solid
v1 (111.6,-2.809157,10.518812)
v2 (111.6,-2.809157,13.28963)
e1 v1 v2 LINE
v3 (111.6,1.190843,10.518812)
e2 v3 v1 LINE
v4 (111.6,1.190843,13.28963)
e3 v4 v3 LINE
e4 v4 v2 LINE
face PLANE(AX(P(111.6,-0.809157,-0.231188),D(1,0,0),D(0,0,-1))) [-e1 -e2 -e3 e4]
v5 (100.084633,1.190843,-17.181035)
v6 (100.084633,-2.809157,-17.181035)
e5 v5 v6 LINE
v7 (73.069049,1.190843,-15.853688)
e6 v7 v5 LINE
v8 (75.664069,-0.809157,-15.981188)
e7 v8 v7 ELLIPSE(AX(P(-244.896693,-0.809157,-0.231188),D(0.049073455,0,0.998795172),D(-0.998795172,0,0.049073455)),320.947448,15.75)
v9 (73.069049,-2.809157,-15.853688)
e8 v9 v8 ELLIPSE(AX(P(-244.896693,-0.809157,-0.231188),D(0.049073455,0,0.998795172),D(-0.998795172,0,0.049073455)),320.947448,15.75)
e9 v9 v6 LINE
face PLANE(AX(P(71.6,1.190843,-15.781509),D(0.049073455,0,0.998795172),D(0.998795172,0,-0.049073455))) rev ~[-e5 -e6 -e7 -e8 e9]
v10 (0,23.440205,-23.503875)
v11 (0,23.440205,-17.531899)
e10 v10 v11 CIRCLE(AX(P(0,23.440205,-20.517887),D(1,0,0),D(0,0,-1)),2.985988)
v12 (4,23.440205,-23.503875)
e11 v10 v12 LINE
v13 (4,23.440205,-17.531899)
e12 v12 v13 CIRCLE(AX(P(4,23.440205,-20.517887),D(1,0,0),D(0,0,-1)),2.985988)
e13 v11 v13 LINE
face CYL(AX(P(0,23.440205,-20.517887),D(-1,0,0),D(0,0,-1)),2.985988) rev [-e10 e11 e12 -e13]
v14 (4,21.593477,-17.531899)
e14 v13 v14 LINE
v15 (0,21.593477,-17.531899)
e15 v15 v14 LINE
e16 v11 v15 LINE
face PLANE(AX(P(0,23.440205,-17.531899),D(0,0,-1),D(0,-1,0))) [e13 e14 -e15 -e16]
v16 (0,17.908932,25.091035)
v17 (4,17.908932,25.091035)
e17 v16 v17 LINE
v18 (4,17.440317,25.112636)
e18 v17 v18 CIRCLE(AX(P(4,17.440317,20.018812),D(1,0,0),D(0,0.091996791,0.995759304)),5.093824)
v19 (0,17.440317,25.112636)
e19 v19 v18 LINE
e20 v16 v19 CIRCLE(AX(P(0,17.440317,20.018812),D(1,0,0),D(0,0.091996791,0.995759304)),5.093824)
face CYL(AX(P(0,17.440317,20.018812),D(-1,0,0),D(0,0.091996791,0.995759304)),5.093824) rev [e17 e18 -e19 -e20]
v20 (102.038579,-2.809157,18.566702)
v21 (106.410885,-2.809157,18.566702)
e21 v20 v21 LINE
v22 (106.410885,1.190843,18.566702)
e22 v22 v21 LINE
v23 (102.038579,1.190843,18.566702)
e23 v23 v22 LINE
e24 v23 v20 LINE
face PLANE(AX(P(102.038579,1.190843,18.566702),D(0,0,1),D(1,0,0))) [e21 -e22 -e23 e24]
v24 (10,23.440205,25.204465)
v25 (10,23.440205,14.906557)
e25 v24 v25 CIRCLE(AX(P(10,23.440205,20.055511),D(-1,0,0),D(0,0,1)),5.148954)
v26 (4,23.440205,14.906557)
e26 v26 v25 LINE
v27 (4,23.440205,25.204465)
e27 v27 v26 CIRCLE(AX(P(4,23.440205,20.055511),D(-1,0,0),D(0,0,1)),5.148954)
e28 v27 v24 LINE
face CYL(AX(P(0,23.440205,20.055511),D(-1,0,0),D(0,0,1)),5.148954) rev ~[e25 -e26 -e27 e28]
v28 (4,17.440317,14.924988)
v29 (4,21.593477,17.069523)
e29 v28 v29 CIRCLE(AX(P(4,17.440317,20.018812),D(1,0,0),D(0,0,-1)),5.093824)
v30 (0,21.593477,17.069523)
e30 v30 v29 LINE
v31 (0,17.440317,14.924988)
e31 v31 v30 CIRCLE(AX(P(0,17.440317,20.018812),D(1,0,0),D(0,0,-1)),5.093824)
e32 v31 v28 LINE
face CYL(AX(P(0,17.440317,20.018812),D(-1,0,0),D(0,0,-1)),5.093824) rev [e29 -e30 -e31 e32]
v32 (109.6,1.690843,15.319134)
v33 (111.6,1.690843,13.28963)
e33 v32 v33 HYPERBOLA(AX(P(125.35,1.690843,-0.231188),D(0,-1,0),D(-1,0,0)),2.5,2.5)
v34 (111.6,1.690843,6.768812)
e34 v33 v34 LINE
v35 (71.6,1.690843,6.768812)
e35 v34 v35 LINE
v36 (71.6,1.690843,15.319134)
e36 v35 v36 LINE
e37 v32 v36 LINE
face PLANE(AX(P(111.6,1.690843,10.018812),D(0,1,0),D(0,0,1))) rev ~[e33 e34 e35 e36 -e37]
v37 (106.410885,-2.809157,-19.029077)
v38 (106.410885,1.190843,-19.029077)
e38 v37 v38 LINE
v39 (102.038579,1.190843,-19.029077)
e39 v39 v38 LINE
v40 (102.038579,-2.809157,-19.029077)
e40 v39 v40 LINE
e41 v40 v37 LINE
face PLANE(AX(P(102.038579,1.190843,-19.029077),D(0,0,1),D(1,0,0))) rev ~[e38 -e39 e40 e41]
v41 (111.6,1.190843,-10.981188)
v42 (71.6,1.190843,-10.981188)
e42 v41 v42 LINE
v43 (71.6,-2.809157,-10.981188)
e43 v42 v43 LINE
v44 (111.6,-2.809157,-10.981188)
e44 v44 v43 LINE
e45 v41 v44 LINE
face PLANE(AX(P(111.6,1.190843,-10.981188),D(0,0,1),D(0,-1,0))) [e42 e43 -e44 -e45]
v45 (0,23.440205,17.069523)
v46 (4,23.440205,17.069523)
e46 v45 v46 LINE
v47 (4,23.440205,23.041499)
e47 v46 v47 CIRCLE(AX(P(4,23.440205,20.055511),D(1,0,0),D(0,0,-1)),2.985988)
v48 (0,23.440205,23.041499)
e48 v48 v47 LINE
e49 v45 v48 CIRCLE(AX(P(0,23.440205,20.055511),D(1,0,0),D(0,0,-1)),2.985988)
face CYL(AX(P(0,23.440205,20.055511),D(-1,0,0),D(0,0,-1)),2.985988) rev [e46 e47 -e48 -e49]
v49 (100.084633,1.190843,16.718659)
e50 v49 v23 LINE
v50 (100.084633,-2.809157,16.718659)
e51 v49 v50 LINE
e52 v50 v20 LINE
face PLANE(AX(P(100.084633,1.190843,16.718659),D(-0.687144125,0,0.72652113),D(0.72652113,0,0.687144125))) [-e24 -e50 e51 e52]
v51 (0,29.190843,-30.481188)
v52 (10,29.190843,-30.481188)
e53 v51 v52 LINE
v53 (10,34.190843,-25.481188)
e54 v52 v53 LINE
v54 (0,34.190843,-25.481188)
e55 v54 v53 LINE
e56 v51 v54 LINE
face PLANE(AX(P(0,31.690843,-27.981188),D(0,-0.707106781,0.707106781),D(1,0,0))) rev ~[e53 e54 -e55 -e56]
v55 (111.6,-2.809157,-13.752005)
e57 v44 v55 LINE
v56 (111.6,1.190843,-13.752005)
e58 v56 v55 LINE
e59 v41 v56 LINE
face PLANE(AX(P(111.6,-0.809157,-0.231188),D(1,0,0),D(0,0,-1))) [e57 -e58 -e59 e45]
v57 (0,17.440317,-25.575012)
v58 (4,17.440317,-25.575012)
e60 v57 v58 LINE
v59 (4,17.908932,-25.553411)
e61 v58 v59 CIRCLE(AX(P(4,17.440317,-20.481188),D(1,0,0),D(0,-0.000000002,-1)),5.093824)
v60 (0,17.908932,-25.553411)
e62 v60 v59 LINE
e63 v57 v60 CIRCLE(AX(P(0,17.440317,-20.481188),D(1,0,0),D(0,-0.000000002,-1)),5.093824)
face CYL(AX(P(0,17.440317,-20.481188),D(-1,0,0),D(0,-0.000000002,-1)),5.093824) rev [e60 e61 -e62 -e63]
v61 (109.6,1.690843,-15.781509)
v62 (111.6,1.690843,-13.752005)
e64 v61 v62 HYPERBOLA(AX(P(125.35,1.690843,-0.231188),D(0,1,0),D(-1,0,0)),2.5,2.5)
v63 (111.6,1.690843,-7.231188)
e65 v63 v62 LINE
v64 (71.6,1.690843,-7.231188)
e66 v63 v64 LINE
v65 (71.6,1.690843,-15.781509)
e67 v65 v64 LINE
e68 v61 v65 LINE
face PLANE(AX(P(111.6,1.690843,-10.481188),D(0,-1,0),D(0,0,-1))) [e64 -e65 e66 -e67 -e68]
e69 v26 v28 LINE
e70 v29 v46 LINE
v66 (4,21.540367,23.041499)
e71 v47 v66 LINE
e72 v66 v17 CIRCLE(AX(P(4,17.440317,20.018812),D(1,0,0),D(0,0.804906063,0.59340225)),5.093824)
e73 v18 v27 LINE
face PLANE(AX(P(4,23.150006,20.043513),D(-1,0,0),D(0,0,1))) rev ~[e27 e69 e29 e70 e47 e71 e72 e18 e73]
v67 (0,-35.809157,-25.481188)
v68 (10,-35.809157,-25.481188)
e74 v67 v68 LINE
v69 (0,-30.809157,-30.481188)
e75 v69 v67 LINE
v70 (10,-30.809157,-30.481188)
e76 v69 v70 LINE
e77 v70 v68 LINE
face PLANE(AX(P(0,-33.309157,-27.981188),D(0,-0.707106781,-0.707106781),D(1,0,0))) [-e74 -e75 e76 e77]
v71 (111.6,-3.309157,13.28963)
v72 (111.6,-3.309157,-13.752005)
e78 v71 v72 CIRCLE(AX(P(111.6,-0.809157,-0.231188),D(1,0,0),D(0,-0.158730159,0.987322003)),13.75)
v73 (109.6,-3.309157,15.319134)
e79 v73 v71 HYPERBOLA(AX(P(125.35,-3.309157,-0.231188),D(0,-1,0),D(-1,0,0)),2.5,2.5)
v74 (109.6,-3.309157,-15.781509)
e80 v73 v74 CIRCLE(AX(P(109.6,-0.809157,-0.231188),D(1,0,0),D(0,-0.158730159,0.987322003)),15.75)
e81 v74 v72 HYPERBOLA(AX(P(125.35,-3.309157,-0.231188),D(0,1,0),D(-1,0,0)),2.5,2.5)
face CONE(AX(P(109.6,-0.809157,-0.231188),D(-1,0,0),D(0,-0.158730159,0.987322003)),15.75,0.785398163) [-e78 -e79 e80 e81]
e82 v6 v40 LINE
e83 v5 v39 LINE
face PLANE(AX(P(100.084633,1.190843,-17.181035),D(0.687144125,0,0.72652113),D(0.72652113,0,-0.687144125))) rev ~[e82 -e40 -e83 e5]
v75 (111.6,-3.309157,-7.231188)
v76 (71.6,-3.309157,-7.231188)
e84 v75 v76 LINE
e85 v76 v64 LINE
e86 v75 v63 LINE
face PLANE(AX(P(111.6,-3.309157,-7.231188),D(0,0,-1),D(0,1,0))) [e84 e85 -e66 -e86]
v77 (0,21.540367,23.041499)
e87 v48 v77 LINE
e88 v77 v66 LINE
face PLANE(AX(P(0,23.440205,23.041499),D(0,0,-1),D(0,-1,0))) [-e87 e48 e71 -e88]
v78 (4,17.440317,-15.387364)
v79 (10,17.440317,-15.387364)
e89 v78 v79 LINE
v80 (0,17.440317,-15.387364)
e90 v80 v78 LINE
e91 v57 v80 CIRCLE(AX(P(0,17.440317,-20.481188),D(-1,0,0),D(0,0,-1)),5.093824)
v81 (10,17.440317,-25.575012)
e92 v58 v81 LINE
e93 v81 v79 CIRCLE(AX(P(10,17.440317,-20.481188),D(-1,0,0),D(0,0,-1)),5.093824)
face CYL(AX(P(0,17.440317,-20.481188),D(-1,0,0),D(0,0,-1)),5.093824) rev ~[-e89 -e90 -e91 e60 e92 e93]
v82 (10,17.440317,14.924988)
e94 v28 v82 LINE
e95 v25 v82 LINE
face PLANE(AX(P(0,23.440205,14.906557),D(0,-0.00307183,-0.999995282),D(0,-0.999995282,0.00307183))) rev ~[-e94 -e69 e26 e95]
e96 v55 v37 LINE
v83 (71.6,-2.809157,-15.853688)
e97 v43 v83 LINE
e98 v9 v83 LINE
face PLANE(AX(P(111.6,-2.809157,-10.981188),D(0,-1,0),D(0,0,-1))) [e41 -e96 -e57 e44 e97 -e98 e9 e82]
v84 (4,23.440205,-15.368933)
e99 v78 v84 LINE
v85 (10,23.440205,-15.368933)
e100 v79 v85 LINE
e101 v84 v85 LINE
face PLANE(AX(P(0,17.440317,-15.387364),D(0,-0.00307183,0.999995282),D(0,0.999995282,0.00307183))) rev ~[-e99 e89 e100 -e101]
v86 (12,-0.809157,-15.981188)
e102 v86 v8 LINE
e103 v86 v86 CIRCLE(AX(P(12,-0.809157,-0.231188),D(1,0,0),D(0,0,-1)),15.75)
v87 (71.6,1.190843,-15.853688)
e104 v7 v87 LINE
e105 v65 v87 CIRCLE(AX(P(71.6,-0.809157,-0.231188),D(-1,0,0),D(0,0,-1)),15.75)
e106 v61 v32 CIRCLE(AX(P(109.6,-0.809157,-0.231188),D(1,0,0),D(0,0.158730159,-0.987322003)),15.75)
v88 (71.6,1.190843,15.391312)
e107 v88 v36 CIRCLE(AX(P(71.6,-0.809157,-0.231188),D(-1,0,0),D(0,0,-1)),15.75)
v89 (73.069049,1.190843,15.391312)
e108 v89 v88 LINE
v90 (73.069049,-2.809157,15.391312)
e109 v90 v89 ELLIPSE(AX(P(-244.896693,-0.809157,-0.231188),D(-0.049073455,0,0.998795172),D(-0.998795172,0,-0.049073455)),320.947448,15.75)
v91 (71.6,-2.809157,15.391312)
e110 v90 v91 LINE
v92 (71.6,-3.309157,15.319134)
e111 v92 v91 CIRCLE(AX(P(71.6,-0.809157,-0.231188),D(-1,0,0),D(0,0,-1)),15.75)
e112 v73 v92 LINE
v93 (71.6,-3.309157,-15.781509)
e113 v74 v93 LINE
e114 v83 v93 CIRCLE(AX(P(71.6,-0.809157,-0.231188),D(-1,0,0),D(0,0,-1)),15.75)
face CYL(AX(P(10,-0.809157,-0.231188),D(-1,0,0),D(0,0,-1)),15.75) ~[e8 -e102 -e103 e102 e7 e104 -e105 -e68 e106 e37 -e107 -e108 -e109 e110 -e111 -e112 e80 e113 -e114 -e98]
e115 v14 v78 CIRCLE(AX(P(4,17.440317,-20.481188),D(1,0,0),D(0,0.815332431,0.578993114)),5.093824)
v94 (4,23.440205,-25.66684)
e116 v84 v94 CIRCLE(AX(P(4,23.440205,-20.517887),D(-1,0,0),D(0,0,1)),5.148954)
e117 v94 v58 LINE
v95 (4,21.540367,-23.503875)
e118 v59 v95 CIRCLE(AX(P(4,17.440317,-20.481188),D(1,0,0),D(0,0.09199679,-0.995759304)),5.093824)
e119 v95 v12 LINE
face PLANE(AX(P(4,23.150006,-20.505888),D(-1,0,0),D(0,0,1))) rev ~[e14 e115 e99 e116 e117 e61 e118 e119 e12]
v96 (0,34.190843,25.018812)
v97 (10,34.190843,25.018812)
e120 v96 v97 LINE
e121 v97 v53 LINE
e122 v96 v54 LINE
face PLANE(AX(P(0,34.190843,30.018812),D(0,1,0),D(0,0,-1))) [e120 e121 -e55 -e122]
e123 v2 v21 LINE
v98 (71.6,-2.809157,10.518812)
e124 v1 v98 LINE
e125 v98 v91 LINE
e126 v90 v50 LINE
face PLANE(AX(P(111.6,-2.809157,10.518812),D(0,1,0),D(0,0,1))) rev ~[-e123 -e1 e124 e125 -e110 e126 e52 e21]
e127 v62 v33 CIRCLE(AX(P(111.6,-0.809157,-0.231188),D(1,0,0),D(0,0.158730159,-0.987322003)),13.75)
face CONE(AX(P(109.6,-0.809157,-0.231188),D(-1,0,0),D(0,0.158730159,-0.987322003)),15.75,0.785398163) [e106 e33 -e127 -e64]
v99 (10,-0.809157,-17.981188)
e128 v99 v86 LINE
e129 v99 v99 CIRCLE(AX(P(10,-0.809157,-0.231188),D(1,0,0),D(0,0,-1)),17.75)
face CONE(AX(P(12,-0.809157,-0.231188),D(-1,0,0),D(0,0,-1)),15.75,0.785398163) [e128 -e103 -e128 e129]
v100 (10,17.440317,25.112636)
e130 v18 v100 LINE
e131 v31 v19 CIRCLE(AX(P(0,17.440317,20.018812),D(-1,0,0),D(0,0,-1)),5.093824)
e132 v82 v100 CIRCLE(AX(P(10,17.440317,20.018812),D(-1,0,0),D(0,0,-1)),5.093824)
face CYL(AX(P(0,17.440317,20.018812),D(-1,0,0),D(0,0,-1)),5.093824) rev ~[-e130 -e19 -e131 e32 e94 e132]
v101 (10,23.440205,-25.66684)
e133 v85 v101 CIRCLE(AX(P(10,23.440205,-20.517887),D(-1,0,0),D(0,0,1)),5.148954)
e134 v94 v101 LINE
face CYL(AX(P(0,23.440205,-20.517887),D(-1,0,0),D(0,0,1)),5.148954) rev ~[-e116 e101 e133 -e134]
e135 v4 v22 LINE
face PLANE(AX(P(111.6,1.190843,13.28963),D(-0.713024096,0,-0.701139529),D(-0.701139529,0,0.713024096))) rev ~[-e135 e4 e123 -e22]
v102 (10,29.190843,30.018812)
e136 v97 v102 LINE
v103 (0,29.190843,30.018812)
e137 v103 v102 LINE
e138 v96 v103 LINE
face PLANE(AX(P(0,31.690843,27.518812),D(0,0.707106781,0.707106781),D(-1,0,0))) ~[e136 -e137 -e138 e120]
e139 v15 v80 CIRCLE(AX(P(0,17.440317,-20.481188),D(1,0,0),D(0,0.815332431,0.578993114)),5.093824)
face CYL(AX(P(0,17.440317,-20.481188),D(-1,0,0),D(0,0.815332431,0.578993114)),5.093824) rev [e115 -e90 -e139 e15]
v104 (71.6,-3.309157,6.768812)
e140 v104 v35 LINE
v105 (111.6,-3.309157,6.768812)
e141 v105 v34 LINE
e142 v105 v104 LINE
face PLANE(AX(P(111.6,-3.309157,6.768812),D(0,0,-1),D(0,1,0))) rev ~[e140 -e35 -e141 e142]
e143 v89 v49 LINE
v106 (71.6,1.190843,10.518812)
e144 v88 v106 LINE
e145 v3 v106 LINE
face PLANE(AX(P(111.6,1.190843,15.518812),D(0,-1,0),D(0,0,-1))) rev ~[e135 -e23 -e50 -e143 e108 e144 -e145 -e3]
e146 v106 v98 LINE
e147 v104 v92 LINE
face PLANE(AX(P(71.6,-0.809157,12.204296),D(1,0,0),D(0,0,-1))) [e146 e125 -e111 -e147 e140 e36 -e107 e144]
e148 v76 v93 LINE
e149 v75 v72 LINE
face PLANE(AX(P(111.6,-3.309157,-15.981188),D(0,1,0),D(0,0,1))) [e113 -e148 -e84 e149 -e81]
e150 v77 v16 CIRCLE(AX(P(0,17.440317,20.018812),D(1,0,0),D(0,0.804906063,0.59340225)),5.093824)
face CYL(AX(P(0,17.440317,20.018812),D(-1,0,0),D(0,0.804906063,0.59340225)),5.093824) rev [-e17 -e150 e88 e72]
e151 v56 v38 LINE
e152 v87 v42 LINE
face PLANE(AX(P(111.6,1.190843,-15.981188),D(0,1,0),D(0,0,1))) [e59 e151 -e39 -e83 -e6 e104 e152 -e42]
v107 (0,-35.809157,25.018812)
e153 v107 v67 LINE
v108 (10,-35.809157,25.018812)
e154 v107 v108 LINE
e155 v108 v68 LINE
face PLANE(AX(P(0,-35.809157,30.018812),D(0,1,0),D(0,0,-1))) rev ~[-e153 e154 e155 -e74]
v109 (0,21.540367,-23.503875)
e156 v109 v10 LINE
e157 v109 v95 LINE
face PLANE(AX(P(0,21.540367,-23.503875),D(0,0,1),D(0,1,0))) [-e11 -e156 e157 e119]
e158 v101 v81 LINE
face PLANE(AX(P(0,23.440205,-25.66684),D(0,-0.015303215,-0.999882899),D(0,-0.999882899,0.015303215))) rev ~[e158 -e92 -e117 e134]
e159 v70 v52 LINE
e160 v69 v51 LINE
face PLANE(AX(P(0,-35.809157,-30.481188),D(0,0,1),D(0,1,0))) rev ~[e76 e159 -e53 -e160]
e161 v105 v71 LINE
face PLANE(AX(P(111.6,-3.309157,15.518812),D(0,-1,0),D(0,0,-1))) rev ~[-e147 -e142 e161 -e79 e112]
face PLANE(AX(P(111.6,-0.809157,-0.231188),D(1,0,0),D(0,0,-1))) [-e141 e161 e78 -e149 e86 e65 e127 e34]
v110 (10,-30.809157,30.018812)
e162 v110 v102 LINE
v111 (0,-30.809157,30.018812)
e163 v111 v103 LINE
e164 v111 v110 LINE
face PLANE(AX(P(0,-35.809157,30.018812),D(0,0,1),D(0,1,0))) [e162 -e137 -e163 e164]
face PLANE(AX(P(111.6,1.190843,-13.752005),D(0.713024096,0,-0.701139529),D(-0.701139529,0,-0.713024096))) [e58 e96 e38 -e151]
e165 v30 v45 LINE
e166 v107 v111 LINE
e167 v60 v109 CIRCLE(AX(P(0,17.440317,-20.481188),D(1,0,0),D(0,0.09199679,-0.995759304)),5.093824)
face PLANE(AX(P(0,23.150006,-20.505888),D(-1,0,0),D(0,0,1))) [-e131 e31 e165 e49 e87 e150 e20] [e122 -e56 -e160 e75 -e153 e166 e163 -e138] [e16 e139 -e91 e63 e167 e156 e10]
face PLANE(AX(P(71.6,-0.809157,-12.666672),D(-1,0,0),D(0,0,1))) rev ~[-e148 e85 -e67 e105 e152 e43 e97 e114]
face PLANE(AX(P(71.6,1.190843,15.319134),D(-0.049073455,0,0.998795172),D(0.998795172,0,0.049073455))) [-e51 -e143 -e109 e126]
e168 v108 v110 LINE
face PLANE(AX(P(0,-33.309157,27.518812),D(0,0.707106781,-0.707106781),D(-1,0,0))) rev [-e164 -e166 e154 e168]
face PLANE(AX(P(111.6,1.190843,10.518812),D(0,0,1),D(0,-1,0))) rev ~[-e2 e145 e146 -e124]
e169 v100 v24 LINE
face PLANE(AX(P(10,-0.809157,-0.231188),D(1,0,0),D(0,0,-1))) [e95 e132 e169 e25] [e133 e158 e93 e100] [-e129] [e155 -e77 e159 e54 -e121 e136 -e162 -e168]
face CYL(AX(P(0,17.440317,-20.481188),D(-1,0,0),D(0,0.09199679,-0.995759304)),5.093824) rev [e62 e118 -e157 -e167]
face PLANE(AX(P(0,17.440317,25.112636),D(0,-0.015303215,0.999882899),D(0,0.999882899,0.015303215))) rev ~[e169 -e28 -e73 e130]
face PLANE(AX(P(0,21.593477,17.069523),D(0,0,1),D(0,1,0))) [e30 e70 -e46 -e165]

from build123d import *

# Parameters (mm, degrees)
SKETCH1_W            = 60.5
SKETCH1_H            = 70
BOSS_EXTRUDE1_DEPTH  = 10
SKETCH2_R            = 15.75
BOSS_EXTRUDE2_DEPTH  = 101.6
CUT_EXTRUDE1_DEPTH   = 40
SKETCH8_W            = 3.25
SKETCH8_H            = 5
CUT_EXTRUDE2_DEPTH   = 40
CHAMFER3_SIZE        = 2
BOSS_EXTRUDE9_DEPTH  = 4
BOSS_EXTRUDE10_DEPTH = 4
CHAMFER4_SIZE        = 5
CUT_EXTRUDE9_DEPTH   = 4
CHAMFER6_SIZE        = 2


with BuildPart() as part:
    # Sketch1 → Boss-Extrude1 (new body)
    with BuildSketch(Plane(origin=(0, 0, 0), x_dir=(0, 0, -1), z_dir=(1, 0, 0))):
        with Locations((0.23118778, -0.809157231)):
            Rectangle(SKETCH1_W, SKETCH1_H)
        with BuildLine():
            Line((-14.90655725, 23.440204594), (-14.924987971, 17.440316828))
            ThreePointArc((-14.924987971, 17.440316828), (-20.01881222, 12.34649258), (-25.112636468, 17.440316828))
            Line((-25.112636468, 17.440316828), (-25.204464795, 23.440204594))
            ThreePointArc((-25.204464795, 23.440204594), (-20.055511023, 28.589158366), (-14.90655725, 23.440204594))
        make_face(mode=Mode.SUBTRACT)
        with BuildLine():
            ThreePointArc((15.368932811, 23.440204594), (20.517886583, 28.589158366), (25.666840355, 23.440204594))
            Line((25.666840355, 23.440204594), (25.575012029, 17.440316828))
            ThreePointArc((25.575012029, 17.440316828), (20.48118778, 12.34649258), (15.387363532, 17.440316828))
            Line((15.387363532, 17.440316828), (15.368932811, 23.440204594))
        make_face(mode=Mode.SUBTRACT)
    extrude(amount=BOSS_EXTRUDE1_DEPTH)

    # Sketch2 → Boss-Extrude2 (add)
    with BuildSketch(Plane(origin=(10, 0, 0), x_dir=(0, 0, -1), z_dir=(1, 0, 0))):
        with Locations((0.23118778, -0.809157231)):
            Circle(SKETCH2_R)
    extrude(amount=BOSS_EXTRUDE2_DEPTH)

    # Sketch3 → Cut-Extrude1 (cut)
    with BuildSketch(Plane(origin=(111.6, 0, 0), x_dir=(0, 0, -1), z_dir=(1, 0, 0))):
        Polygon((-15.51881222, 1.190842769), (-10.51881222, 1.190842769), (-10.51881222, -2.809157231), (-15.51881222, -2.809157231), (-15.51881222, -3.309157231), (-10.01881222, -3.309157231), (-10.01881222, 1.690842769), (-15.51881222, 1.690842769), align=None)
        Polygon((15.98118778, -2.809157231), (15.98118778, -3.309157231), (10.48118778, -3.309157231), (10.48118778, 1.690842769), (15.98118778, 1.690842769), (15.98118778, 1.190842769), (10.98118778, 1.190842769), (10.98118778, -2.809157231), align=None)
    extrude(amount=-CUT_EXTRUDE1_DEPTH, mode=Mode.SUBTRACT)

    # Sketch8 → Cut-Extrude2 (cut)
    with BuildSketch(Plane(origin=(111.6, 0, 0), x_dir=(0, 0, -1), z_dir=(1, 0, 0))):
        with Locations((8.85618778, -0.809157231)):
            Rectangle(SKETCH8_W, SKETCH8_H)
        with Locations((-8.39381222, -0.809157231)):
            Rectangle(SKETCH8_W, SKETCH8_H)
    extrude(amount=-CUT_EXTRUDE2_DEPTH, mode=Mode.SUBTRACT)

    # Chamfer3
    chamfer3_edges = [part.edges().sort_by_distance(p)[0] for p in [
        (111.6, -16.559157231, -0.23118778),
        (111.6, 14.940842769, -0.23118778),
    ]]
    chamfer(chamfer3_edges, length=CHAMFER3_SIZE)

    # Sketch19 → Boss-Extrude9 (add)
    with BuildSketch(Plane.ZY):
        with BuildLine():
            Line((-25.666840355, 23.440204594), (-25.575012029, 17.440316828))
            ThreePointArc((-25.575012029, 17.440316828), (-25.569608823, 17.67487337), (-25.553410667, 17.908932306))
            ThreePointArc((-25.553410667, 17.908932306), (-24.917258091, 19.94397928), (-23.503874553, 21.540366846))
            Line((-23.503874553, 21.540366846), (-23.503874553, 23.440204594))
            ThreePointArc((-23.503874553, 23.440204594), (-20.517886583, 26.426192563), (-17.531898613, 23.440204594))
            Line((-17.531898613, 23.440204594), (-17.531898613, 21.593476936))
            ThreePointArc((-17.531898613, 21.593476936), (-15.9551406, 19.777396716), (-15.387363532, 17.440316828))
            Line((-15.387363532, 17.440316828), (-15.368932811, 23.440204594))
            ThreePointArc((-15.368932811, 23.440204594), (-20.517886583, 28.589158366), (-25.666840355, 23.440204594))
        make_face()
        with BuildLine():
            ThreePointArc((25.204464795, 23.440204594), (20.055511023, 28.589158366), (14.90655725, 23.440204594))
            Line((14.90655725, 23.440204594), (14.924987971, 17.440316828))
            ThreePointArc((14.924987971, 17.440316828), (15.49276504, 19.777396716), (17.069523053, 21.593476936))
            Line((17.069523053, 21.593476936), (17.069523053, 23.440204594))
            ThreePointArc((17.069523053, 23.440204594), (20.055511023, 26.426192563), (23.041498992, 23.440204594))
            Line((23.041498992, 23.440204594), (23.041498992, 21.540366846))
            ThreePointArc((23.041498992, 21.540366846), (24.454882531, 19.94397928), (25.091035106, 17.908932306))
            ThreePointArc((25.091035106, 17.908932306), (25.107233262, 17.67487337), (25.112636468, 17.440316828))
            Line((25.112636468, 17.440316828), (25.204464795, 23.440204594))
        make_face()
    extrude(amount=-BOSS_EXTRUDE9_DEPTH)

    # Sketch23 → Boss-Extrude10 (add)
    with BuildSketch(Plane(origin=(0, 1.190842769, 0), x_dir=(1, 0, 0), z_dir=(0, 1, 0))):
        Polygon((71.6, 15.78150932), (100.084633461, 17.181034874), (102.038578597, 19.029077367), (111.6, 19.029077367), (111.6, 15.78150932), align=None)
        Polygon((100.084633461, -16.718659314), (102.038578597, -18.566701807), (111.6, -18.566701807), (111.6, -15.31913376), (71.6, -15.31913376), align=None)
    extrude(amount=-BOSS_EXTRUDE10_DEPTH)

    # Chamfer4
    chamfer4_edges = [part.edges().sort_by_distance(p)[0] for p in [
        (5, -35.809157231, 30.01881222),
        (5, 34.190842769, 30.01881222),
        (5, 34.190842769, -30.48118778),
        (5, -35.809157231, -30.48118778),
    ]]
    chamfer(chamfer4_edges, length=CHAMFER4_SIZE)

    # Sketch28 → Cut-Extrude9 (cut)
    with BuildSketch(Plane(origin=(0, 1.190842769, 0), x_dir=(1, 0, 0), z_dir=(0, 1, 0))):
        Polygon((111.6, 13.752005063), (105.070544586, 20.392137095), (111.6, 20.392137095), align=None)
        Polygon((111.6, -19.929761535), (111.6, -13.289629503), (105.070544586, -19.929761535), align=None)
    extrude(amount=-CUT_EXTRUDE9_DEPTH, mode=Mode.SUBTRACT)

    # Chamfer6
    chamfer6_edges = [part.edges().sort_by_distance(p)[0] for p in [
        (10, -0.809157231, 15.51881222),
    ]]
    chamfer(chamfer6_edges, length=CHAMFER6_SIZE)


solid = part.part
